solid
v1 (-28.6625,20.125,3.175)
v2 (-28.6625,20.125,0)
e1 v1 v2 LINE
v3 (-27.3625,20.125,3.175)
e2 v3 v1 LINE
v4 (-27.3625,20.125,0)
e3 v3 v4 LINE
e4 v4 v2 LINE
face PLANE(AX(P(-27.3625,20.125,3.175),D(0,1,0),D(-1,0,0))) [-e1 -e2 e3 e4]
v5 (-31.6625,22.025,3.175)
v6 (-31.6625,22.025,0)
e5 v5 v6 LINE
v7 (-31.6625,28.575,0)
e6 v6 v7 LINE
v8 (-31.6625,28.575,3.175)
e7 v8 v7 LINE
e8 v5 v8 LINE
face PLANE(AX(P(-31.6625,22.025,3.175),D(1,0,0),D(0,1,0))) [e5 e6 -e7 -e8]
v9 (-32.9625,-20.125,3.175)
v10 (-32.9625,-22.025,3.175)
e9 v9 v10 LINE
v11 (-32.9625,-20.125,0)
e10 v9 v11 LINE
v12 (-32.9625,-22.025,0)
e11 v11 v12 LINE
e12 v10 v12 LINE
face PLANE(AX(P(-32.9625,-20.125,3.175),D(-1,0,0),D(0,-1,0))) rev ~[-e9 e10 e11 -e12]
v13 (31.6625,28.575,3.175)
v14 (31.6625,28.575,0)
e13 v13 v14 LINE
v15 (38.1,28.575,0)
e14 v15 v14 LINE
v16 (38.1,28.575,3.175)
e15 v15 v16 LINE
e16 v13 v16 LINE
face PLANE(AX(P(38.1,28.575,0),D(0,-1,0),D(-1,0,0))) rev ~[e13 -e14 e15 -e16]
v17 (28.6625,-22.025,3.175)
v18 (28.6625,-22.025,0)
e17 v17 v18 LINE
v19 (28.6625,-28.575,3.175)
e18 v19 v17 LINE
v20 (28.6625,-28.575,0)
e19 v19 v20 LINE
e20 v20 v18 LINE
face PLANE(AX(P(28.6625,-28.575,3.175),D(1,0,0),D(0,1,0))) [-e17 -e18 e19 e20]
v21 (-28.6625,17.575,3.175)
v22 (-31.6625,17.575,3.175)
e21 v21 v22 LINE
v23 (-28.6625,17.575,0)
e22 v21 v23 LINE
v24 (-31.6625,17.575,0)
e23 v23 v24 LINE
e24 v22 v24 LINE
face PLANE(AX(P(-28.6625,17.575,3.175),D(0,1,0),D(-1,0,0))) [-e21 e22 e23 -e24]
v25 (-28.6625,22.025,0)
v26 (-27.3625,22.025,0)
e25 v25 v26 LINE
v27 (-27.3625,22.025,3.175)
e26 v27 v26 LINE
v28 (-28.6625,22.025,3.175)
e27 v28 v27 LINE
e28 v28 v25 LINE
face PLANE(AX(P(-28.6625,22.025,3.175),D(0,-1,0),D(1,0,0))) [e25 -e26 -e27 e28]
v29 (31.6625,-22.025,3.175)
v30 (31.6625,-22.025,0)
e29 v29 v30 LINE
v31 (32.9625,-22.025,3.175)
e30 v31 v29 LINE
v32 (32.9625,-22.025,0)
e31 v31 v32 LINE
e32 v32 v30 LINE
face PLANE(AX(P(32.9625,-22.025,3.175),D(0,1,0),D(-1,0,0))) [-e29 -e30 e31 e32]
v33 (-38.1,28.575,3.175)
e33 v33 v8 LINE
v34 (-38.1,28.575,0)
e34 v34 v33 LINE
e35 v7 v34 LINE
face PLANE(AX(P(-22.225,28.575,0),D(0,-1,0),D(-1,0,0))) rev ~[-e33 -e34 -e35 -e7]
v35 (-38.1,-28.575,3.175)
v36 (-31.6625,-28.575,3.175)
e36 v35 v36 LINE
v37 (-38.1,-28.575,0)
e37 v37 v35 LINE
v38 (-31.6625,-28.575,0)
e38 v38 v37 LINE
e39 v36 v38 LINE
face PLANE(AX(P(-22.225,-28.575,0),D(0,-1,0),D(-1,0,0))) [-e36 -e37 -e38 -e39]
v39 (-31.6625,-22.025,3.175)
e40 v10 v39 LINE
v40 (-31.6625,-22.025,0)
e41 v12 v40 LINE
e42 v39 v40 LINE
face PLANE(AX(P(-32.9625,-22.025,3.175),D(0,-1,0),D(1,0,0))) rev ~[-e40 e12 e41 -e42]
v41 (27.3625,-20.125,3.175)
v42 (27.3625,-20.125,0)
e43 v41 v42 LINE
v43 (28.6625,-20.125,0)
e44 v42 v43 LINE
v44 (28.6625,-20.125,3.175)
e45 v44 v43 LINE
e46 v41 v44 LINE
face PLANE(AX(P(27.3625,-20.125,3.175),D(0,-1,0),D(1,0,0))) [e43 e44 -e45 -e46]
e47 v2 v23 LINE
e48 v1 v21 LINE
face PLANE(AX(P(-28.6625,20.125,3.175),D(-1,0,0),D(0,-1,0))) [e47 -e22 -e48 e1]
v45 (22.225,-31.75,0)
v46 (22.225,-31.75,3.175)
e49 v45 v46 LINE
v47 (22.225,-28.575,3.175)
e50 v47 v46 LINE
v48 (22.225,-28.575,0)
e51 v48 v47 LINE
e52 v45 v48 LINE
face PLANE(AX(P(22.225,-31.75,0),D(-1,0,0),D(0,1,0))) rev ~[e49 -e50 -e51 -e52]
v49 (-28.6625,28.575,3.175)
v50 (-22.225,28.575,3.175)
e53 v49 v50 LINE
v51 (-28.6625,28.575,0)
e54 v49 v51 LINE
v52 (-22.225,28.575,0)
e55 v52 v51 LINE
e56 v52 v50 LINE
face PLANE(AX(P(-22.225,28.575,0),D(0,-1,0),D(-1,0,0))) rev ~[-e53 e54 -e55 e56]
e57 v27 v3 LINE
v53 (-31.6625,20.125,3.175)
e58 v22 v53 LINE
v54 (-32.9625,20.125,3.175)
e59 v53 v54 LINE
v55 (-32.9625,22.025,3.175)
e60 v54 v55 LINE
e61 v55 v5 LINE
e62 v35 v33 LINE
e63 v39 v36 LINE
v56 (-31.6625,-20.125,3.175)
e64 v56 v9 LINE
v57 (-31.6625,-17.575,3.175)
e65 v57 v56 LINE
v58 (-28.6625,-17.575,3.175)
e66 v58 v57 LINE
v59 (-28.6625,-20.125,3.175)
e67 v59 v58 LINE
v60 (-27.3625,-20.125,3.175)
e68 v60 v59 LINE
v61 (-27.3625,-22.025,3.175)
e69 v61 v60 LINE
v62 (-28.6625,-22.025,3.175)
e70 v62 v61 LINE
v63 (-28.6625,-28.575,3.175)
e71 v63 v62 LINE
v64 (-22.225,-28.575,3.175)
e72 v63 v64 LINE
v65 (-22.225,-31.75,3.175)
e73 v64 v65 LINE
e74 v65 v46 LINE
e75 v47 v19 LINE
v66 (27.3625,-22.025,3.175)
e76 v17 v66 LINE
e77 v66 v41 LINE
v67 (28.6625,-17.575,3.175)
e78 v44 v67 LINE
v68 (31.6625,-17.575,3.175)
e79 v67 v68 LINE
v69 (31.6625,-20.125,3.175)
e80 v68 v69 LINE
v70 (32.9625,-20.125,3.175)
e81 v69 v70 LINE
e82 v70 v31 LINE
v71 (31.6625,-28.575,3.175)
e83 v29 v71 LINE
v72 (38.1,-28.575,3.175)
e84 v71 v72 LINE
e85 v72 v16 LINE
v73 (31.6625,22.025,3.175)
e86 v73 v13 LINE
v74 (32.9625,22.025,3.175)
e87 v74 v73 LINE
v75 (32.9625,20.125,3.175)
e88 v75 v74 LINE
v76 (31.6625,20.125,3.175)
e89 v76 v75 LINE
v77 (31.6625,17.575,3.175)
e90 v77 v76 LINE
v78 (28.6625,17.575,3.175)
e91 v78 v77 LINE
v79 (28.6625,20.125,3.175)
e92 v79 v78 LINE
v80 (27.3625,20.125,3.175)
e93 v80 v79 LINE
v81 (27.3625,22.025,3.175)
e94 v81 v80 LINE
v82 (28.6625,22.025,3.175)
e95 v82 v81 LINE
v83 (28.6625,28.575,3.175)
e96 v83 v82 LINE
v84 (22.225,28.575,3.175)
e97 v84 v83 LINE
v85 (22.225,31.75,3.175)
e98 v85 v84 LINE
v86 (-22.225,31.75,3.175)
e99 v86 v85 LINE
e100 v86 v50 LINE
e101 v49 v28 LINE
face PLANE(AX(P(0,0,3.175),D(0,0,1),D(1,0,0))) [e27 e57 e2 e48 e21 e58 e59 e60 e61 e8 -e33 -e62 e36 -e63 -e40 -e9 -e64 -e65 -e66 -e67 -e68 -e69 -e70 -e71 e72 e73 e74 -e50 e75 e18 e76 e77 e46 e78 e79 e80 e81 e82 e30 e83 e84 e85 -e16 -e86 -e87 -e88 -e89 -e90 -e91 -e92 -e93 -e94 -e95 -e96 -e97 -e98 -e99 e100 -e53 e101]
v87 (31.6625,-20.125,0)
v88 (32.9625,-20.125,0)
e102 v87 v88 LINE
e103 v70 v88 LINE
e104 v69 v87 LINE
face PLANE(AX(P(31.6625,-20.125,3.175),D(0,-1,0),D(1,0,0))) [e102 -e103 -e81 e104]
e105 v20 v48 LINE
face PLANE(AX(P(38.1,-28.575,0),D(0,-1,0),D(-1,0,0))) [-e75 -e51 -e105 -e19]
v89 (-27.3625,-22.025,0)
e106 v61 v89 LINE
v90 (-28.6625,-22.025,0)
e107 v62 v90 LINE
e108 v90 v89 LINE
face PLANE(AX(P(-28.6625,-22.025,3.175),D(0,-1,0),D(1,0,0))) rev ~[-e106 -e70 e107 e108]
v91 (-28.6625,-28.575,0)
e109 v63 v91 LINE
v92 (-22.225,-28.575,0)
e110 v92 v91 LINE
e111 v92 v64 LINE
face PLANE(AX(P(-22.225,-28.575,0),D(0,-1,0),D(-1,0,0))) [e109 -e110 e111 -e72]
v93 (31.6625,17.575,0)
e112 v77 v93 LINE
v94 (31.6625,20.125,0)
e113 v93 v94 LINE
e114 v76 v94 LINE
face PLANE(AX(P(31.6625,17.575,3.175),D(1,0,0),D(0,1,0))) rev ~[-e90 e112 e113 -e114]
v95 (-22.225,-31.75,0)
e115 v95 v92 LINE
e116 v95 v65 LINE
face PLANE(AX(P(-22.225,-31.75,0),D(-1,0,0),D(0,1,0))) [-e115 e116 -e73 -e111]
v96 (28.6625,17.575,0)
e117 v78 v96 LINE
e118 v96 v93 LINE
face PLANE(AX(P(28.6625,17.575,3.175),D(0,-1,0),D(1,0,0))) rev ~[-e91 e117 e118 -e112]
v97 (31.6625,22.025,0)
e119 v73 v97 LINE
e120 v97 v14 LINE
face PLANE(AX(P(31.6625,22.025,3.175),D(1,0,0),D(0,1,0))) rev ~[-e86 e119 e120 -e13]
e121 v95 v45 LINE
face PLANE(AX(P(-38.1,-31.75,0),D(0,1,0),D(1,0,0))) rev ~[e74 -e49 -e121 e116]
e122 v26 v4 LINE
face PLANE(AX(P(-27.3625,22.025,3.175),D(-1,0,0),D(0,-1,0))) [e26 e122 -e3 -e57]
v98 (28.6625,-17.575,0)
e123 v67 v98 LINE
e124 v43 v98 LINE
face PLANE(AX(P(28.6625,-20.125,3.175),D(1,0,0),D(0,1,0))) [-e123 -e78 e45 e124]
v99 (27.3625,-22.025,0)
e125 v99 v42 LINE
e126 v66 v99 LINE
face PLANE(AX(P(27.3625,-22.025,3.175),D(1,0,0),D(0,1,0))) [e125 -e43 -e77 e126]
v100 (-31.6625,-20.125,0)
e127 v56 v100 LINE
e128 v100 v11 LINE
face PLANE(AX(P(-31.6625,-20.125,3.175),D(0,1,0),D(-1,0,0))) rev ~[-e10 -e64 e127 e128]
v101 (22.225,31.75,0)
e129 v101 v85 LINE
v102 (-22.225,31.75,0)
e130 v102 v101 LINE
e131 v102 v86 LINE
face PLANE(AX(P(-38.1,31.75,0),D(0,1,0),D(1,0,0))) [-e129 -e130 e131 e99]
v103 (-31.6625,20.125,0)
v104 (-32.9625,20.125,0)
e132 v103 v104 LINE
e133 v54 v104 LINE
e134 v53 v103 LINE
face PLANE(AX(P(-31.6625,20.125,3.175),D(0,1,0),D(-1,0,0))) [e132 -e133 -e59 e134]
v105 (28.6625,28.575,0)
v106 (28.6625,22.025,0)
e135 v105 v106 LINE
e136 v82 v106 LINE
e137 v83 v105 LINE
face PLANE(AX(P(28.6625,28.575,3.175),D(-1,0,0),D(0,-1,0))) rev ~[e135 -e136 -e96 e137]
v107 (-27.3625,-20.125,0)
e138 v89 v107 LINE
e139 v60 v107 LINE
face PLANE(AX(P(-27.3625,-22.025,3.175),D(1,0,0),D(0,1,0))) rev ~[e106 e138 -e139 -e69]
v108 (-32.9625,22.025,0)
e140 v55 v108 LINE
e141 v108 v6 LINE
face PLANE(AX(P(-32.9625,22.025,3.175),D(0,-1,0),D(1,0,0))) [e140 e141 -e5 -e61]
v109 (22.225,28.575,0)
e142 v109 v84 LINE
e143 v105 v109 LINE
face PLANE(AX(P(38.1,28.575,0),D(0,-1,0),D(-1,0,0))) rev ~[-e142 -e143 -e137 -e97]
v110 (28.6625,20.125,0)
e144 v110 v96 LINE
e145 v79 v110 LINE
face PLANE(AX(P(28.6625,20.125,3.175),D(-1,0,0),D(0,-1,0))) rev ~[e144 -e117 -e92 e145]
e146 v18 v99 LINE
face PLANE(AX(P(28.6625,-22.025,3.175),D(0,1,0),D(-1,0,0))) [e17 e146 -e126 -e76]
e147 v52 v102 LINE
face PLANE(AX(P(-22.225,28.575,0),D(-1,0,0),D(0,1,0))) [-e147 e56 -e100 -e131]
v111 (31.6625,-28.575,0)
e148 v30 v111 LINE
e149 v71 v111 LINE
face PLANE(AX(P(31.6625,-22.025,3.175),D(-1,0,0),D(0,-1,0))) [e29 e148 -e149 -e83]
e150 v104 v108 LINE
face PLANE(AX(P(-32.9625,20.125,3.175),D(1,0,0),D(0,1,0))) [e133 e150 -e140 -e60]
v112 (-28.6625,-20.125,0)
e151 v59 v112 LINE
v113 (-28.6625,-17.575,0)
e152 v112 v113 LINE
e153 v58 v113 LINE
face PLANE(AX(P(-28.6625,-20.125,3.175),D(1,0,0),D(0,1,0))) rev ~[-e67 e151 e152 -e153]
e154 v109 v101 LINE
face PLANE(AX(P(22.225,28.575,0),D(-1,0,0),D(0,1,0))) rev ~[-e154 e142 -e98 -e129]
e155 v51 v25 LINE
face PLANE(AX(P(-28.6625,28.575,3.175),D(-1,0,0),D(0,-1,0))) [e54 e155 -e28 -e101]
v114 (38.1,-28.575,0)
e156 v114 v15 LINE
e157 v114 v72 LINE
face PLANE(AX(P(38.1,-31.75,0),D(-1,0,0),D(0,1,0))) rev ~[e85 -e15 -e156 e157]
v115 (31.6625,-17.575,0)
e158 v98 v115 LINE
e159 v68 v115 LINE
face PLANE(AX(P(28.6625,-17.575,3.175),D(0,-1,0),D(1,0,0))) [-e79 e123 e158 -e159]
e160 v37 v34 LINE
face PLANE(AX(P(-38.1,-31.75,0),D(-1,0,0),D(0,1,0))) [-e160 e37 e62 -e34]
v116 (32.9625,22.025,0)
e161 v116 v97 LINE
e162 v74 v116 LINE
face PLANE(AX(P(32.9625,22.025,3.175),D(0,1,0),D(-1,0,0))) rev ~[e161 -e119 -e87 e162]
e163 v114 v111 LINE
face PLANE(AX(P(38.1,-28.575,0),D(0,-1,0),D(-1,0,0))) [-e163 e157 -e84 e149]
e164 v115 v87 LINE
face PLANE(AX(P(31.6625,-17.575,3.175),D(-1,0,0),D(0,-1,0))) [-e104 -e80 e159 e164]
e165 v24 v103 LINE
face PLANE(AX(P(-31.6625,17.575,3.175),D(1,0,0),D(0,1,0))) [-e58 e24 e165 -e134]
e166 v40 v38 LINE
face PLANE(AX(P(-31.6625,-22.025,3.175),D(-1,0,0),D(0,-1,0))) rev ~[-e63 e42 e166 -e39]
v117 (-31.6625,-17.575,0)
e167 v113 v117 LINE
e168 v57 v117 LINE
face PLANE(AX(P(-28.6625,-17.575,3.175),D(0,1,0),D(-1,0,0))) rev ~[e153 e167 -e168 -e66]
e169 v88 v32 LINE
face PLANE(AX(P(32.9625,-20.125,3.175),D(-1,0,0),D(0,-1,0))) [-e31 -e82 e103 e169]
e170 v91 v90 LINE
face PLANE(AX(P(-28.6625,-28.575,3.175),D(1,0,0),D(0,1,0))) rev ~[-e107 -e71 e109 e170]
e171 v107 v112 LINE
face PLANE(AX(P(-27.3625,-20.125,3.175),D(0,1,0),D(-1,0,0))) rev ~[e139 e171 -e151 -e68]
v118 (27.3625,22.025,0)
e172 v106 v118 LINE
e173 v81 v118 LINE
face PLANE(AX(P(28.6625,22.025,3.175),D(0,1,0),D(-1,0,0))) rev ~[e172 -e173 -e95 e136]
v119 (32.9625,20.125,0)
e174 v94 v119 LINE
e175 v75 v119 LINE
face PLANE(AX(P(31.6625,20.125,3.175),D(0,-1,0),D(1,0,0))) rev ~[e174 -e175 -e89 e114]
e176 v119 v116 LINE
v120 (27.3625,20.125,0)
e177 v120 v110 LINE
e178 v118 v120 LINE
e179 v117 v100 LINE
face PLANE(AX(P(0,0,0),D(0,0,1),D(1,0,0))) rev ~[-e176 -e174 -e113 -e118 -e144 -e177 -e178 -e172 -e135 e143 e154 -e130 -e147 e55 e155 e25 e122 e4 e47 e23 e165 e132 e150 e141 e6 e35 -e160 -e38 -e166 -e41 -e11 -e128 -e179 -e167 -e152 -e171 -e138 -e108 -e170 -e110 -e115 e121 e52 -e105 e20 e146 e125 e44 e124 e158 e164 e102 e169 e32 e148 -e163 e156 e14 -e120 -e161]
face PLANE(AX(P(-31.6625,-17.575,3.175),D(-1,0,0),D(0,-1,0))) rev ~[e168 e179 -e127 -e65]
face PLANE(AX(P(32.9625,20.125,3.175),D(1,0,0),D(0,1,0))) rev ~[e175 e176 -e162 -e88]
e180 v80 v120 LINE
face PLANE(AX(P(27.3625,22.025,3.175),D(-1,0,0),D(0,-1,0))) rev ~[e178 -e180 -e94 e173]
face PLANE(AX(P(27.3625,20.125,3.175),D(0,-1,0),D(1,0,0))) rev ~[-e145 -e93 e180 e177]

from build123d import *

# Parameters (mm, degrees)
SKETCH1_W           = 76.2
SKETCH1_H           = 63.5
BOSS_EXTRUDE1_DEPTH = 3.175
SKETCH2_W           = 15.875
SKETCH2_H           = 3.175
CUT_EXTRUDE1_DEPTH  = 50.6966108
CUT_EXTRUDE2_DEPTH  = 50.6966108


with BuildPart() as part:
    # Sketch1 → Boss-Extrude1 (new body)
    with BuildSketch(Plane.XY):
        Rectangle(SKETCH1_W, SKETCH1_H)
    extrude(amount=BOSS_EXTRUDE1_DEPTH)

    # Sketch2 → Cut-Extrude1 (cut, through all)
    with BuildSketch(Plane(origin=(0, 0, 0), x_dir=(-1, 0, 0), z_dir=(0, 0, -1))):
        with Locations((-30.1625, -30.1625)):
            Rectangle(SKETCH2_W, SKETCH2_H)
        with Locations((30.1625, -30.1625)):
            Rectangle(SKETCH2_W, SKETCH2_H)
        with Locations((30.1625, 30.1625)):
            Rectangle(SKETCH2_W, SKETCH2_H)
        with Locations((-30.1625, 30.1625)):
            Rectangle(SKETCH2_W, SKETCH2_H)
    extrude(amount=-CUT_EXTRUDE1_DEPTH, mode=Mode.SUBTRACT)

    # Sketch3 → Cut-Extrude2 (cut, through all)
    with BuildSketch(Plane.XY.offset(3.175)):
        Polygon((31.6625, -17.575), (31.6625, -20.125), (32.9625, -20.125), (32.9625, -22.025), (31.6625, -22.025), (31.6625, -28.575), (28.6625, -28.575), (28.6625, -22.025), (27.3625, -22.025), (27.3625, -20.125), (28.6625, -20.125), (28.6625, -17.575), align=None)
        Polygon((-31.6625, -20.125), (-32.9625, -20.125), (-32.9625, -22.025), (-31.6625, -22.025), (-31.6625, -28.575), (-28.6625, -28.575), (-28.6625, -22.025), (-27.3625, -22.025), (-27.3625, -20.125), (-28.6625, -20.125), (-28.6625, -17.575), (-31.6625, -17.575), align=None)
        Polygon((31.6625, 20.125), (32.9625, 20.125), (32.9625, 22.025), (31.6625, 22.025), (31.6625, 28.575), (28.6625, 28.575), (28.6625, 22.025), (27.3625, 22.025), (27.3625, 20.125), (28.6625, 20.125), (28.6625, 17.575), (31.6625, 17.575), align=None)
        Polygon((-31.6625, 17.575), (-31.6625, 20.125), (-32.9625, 20.125), (-32.9625, 22.025), (-31.6625, 22.025), (-31.6625, 28.575), (-28.6625, 28.575), (-28.6625, 22.025), (-27.3625, 22.025), (-27.3625, 20.125), (-28.6625, 20.125), (-28.6625, 17.575), align=None)
    extrude(amount=-CUT_EXTRUDE2_DEPTH, mode=Mode.SUBTRACT)


solid = part.part
